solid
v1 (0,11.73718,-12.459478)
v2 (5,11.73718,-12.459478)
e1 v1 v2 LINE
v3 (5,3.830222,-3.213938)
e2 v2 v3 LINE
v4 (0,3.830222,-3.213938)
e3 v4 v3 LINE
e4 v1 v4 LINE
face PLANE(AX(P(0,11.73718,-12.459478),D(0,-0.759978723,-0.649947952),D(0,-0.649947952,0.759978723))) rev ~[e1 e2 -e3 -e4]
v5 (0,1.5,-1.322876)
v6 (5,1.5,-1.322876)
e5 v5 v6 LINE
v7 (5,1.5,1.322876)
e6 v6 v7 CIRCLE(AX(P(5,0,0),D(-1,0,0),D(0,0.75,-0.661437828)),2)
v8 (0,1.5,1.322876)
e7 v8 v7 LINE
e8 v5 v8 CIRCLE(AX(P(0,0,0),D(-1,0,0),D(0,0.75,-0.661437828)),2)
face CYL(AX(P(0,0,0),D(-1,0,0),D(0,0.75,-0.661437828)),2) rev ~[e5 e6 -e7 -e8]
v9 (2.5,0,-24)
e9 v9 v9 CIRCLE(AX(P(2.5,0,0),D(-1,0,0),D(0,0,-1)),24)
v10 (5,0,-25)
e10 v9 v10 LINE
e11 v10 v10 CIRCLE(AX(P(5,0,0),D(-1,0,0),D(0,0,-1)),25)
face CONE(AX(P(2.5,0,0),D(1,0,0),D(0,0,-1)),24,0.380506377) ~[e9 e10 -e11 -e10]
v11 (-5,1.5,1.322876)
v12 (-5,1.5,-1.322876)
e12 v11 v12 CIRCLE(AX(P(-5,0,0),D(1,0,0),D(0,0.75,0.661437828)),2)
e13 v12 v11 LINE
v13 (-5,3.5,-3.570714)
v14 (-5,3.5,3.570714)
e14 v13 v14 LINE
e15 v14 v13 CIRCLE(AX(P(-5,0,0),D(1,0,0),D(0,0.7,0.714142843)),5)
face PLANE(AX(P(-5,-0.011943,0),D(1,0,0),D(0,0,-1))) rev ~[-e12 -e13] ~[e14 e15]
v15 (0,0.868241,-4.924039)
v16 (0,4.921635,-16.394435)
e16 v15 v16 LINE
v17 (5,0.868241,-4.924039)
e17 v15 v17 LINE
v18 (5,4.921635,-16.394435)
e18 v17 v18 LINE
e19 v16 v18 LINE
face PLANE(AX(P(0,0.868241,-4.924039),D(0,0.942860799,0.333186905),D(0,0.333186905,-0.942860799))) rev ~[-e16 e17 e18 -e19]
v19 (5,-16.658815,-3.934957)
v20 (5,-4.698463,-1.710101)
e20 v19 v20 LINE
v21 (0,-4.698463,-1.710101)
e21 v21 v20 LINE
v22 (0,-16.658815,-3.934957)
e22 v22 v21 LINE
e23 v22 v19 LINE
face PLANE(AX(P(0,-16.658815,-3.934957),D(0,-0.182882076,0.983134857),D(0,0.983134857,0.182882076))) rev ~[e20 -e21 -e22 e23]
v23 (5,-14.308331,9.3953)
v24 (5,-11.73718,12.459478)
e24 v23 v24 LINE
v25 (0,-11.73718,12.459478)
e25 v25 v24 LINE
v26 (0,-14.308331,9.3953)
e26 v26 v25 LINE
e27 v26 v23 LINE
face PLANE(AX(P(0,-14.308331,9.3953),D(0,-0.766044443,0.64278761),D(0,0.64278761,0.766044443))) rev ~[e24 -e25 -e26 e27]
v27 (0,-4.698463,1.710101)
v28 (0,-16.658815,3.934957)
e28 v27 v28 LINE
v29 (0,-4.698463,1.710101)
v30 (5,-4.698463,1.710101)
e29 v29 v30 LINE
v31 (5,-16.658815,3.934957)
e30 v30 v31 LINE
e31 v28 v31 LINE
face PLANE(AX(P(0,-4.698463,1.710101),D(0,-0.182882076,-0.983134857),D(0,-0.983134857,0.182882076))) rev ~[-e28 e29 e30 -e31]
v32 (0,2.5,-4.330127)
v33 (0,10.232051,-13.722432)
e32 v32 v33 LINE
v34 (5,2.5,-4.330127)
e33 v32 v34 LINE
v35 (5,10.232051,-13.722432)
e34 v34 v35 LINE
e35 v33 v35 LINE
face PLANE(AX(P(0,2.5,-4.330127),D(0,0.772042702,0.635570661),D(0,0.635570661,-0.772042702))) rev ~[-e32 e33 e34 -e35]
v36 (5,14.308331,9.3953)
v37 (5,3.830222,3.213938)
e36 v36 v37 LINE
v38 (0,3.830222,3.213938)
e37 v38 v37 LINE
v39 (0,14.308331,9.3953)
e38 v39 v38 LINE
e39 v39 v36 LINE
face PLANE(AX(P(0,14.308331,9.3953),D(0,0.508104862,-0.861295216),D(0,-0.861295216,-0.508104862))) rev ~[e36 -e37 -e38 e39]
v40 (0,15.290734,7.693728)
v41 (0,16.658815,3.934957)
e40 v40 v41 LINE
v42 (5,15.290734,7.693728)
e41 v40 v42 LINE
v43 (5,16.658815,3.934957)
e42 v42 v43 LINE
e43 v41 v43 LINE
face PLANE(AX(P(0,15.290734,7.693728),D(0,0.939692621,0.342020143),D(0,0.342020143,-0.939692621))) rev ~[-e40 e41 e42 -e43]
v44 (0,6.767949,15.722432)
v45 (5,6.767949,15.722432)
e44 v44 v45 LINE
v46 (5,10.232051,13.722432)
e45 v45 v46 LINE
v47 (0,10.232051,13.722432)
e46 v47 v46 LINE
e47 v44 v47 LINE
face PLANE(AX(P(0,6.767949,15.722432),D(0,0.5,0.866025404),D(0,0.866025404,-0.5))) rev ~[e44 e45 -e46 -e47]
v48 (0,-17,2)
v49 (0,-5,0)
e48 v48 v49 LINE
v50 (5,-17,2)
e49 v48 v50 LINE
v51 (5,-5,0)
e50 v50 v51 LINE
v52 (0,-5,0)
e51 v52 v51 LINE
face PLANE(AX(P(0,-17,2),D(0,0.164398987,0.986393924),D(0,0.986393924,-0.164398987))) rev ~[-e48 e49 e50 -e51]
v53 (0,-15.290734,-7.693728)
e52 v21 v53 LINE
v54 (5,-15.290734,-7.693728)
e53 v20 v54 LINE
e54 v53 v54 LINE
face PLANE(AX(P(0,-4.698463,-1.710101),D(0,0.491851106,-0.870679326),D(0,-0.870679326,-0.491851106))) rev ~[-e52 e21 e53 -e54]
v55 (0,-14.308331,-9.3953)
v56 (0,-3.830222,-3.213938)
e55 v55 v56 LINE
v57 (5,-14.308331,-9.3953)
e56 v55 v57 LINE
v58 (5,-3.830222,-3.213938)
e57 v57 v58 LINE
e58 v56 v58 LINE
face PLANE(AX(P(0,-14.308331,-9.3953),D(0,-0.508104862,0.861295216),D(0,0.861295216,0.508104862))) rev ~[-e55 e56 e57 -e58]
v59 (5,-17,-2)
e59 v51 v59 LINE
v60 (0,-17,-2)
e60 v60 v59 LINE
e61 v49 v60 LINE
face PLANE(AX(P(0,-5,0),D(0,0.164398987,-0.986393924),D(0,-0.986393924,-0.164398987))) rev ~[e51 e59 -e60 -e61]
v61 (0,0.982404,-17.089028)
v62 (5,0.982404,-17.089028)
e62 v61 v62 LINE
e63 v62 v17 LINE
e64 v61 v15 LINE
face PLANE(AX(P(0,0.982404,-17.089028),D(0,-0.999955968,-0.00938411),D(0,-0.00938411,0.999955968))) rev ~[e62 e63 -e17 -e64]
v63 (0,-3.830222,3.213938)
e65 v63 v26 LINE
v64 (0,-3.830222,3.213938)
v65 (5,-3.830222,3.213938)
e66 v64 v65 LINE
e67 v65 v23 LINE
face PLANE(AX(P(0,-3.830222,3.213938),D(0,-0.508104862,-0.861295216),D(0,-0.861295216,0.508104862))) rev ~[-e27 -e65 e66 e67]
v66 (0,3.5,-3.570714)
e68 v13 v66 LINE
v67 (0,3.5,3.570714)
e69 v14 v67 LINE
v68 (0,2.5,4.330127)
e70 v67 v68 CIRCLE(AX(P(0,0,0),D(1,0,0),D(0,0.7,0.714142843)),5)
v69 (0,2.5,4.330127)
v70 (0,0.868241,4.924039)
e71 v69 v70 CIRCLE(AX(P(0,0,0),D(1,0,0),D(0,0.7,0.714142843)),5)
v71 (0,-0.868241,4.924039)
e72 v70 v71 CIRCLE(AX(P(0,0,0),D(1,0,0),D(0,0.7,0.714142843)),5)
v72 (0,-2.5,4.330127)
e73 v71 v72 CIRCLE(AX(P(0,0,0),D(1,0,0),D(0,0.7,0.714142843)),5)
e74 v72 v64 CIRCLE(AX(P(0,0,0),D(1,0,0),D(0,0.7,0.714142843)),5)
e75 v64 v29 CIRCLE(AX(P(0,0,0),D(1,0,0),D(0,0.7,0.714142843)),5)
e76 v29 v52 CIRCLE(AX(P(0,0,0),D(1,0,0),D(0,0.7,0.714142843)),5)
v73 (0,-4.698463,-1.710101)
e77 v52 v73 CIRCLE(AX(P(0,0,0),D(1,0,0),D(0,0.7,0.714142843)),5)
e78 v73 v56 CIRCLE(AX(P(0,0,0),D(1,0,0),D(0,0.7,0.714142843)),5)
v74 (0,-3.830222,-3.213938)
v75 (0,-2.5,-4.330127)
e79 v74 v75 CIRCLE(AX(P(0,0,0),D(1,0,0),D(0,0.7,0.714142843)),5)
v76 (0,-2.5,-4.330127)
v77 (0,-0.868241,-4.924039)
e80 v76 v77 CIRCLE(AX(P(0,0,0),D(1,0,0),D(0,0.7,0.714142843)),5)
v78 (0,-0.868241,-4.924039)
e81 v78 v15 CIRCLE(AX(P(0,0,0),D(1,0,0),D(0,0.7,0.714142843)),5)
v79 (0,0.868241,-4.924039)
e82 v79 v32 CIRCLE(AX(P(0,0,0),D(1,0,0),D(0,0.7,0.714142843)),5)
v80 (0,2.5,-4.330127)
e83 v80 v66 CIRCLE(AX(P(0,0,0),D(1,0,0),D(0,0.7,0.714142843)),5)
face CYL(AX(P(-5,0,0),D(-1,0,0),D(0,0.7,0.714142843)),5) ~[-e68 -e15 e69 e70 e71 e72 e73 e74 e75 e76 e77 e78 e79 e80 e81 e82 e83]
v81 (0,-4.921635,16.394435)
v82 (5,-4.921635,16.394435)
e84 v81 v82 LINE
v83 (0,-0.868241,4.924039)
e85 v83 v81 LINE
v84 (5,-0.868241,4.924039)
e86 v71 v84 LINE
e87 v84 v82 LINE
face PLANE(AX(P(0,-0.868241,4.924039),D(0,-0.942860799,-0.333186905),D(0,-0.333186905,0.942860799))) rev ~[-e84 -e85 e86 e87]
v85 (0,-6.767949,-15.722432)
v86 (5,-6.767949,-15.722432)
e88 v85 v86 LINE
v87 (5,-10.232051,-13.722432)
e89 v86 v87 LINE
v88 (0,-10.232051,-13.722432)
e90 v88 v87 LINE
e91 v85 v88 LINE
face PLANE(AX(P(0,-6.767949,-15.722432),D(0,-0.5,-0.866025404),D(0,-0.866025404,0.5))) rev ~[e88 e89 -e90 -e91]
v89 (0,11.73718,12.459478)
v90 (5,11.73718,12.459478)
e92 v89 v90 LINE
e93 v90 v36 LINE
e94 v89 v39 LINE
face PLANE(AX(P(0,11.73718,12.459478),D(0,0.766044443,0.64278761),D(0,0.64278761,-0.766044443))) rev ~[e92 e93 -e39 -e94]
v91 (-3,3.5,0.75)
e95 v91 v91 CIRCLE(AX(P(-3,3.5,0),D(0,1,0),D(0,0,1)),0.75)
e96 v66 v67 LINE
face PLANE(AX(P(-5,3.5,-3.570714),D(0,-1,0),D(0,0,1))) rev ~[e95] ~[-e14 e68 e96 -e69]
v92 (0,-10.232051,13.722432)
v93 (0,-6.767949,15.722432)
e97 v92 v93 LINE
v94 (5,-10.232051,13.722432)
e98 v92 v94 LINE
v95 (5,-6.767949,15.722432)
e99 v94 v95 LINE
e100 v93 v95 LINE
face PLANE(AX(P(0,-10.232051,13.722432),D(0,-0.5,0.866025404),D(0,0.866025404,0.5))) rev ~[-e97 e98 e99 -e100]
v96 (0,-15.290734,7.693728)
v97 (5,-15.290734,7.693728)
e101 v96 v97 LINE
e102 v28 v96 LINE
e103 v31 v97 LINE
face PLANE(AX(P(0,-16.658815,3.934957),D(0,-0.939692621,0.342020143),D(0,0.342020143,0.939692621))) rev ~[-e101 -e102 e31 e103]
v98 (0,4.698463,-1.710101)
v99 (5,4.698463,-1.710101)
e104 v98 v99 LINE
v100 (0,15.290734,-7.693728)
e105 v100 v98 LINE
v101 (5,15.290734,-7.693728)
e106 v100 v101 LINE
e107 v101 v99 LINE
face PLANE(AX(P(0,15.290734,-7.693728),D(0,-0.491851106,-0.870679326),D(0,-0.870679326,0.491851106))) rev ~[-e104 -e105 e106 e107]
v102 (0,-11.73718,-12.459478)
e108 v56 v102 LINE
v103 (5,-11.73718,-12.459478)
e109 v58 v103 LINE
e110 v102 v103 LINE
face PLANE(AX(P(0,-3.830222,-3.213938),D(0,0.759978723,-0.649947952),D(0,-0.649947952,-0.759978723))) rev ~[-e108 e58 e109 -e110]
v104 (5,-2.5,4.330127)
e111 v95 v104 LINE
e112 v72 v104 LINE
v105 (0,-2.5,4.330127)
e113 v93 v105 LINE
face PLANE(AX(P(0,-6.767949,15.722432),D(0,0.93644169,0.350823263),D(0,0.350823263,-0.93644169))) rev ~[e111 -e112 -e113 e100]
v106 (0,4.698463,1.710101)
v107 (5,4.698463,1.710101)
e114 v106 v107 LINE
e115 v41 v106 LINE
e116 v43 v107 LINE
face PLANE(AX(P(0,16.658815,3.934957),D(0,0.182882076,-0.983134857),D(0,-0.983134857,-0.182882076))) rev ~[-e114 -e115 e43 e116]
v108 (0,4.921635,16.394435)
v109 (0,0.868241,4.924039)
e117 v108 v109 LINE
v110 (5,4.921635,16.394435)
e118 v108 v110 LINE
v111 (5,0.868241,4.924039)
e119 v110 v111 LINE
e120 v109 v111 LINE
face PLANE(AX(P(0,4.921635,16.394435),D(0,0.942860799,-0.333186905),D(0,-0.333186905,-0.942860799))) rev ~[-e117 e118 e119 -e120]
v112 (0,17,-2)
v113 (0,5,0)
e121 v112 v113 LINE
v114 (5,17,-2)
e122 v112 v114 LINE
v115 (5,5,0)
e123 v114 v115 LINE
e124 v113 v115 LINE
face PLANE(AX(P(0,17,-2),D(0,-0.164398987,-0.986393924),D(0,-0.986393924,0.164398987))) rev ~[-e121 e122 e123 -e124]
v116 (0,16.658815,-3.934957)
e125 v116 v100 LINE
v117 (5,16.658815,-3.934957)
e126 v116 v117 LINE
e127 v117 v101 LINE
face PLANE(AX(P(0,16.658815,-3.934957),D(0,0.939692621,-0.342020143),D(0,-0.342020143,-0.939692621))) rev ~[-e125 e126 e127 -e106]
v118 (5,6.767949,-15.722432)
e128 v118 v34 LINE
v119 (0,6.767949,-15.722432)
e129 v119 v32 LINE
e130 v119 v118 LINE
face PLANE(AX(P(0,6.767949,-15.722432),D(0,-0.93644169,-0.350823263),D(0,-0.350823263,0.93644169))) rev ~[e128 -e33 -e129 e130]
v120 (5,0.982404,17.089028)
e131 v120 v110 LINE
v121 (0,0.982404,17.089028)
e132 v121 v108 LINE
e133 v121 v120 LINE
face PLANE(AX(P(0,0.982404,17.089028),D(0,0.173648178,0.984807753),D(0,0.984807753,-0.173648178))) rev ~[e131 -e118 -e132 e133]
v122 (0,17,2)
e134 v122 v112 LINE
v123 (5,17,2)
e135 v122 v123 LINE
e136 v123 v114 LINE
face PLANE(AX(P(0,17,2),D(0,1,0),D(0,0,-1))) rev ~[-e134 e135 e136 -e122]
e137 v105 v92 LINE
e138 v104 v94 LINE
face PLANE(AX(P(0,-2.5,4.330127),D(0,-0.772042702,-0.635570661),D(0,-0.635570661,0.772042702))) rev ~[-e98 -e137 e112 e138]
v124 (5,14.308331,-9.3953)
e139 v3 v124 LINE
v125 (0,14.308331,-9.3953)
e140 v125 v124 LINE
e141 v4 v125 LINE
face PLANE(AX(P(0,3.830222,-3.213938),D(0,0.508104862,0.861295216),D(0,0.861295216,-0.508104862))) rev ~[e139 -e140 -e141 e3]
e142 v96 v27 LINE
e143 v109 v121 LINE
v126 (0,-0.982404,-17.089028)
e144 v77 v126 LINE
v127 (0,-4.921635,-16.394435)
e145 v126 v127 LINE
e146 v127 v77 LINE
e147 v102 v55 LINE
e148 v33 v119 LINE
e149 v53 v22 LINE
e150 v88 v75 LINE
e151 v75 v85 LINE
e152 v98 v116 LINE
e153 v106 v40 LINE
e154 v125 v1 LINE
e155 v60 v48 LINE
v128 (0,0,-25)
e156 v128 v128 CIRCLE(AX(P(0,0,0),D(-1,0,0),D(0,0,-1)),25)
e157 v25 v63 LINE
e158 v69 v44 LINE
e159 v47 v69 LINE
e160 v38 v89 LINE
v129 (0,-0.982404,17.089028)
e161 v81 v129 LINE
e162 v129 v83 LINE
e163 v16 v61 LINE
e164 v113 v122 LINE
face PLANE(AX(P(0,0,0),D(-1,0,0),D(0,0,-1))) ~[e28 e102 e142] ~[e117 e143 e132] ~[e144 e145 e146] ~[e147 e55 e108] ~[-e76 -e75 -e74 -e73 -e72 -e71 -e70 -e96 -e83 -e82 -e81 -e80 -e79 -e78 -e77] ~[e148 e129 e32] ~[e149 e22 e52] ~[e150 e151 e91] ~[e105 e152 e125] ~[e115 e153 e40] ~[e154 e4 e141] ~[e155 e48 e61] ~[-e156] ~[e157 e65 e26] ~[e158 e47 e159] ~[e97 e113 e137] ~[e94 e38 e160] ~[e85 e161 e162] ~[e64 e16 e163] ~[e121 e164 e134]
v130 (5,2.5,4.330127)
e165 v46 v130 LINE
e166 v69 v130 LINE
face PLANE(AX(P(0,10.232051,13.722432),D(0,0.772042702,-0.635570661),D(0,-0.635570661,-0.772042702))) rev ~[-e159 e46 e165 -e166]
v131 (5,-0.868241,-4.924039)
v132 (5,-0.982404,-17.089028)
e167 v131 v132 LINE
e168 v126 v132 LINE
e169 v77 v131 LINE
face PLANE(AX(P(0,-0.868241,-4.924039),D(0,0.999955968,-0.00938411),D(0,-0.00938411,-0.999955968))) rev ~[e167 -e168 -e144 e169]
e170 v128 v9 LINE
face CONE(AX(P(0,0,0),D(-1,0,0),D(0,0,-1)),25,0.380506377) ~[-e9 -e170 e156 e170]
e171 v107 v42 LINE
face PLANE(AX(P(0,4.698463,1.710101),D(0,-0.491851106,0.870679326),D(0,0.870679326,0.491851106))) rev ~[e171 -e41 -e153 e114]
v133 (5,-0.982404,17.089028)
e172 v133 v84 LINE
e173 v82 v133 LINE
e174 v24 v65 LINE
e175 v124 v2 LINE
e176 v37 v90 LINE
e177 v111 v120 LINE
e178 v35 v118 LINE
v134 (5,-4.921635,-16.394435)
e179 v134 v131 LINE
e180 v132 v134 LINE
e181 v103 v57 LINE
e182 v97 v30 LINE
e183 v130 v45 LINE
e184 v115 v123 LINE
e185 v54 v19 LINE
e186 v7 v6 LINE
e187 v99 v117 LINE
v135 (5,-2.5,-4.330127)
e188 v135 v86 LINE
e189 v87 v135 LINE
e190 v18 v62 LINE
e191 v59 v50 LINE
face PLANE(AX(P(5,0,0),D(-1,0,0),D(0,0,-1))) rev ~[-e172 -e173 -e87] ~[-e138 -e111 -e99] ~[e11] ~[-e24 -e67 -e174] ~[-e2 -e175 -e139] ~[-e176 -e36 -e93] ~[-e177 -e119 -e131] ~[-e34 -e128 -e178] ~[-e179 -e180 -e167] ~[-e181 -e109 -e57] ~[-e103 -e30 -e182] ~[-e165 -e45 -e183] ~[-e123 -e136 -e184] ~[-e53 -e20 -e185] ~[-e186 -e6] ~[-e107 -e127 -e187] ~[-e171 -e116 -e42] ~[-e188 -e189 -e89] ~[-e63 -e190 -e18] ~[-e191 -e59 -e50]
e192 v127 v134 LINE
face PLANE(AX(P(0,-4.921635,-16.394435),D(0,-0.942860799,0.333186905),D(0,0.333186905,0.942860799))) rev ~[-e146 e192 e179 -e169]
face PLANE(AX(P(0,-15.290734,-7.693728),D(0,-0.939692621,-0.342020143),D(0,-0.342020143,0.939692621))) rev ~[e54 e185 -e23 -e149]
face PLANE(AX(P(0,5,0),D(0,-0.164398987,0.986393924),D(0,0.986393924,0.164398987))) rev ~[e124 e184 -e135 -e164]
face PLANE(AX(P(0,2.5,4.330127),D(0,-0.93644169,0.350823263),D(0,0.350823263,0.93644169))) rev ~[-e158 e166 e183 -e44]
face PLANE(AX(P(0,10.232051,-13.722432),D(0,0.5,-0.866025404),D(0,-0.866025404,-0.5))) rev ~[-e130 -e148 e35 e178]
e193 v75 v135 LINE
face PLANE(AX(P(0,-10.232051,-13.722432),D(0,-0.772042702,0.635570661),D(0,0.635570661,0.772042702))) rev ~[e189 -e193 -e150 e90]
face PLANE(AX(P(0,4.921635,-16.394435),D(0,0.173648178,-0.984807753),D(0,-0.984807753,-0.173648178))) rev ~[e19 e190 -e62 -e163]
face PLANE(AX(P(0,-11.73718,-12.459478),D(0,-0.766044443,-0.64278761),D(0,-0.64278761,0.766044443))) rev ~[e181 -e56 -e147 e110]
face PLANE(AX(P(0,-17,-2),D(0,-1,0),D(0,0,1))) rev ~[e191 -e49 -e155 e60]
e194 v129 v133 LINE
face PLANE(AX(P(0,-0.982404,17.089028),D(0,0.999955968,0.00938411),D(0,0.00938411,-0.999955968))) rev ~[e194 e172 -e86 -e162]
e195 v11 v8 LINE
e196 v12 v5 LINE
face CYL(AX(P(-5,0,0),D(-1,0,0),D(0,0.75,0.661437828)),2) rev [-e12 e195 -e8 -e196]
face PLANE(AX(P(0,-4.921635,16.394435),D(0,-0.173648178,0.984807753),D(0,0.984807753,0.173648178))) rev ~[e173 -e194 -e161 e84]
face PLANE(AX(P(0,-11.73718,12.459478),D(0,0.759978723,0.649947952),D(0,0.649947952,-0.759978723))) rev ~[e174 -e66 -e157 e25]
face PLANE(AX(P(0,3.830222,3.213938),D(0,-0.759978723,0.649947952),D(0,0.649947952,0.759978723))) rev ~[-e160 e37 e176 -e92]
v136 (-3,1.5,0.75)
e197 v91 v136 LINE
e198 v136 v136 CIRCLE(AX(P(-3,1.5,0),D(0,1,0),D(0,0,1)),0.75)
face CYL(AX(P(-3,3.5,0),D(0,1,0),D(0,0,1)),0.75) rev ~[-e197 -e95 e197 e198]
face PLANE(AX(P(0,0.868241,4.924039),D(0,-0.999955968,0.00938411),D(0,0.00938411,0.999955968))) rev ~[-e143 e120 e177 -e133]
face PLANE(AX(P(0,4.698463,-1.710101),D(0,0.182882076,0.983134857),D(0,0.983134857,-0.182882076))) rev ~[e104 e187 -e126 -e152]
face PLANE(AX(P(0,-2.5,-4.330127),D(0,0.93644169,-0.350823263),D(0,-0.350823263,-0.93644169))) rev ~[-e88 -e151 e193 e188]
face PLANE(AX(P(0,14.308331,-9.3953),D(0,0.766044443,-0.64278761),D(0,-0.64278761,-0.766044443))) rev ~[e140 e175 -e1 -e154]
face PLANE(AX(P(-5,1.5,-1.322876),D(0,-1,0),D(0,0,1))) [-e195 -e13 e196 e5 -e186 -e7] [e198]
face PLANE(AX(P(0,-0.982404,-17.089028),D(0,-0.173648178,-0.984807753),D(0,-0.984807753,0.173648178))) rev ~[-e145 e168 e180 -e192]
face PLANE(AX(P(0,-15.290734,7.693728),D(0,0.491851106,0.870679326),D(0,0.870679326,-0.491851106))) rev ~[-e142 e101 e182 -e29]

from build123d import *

# Parameters (mm, degrees)
CUT_EXTRUDE1_DEPTH  = 36.707142143
BOSS_EXTRUDE1_START = 5
BOSS_EXTRUDE1_DEPTH = 5
SKETCH7_R           = 0.75
CUT_EXTRUDE2_DEPTH  = 3


with BuildPart() as part:
    # Sketch4 → Revolve1 (revolve)
    with BuildSketch(Plane(origin=(0, 0, 0), x_dir=(1, 0, 0), z_dir=(0, 1, 0))):
        Polygon((0, 0), (0, 25), (2.5, 24), (5, 25), (5, 0), align=None)
    revolve(axis=Axis((5, 0, 0), (-1, 0, 0)))

    # Sketch5 → Cut-Extrude1 (cut, through all)
    with BuildSketch(Plane.ZY):
        Polygon((-15.722431864, 6.767949192), (-4.330127019, 2.5), (-13.722431864, 10.232050808), align=None)
        Polygon((-12.459478251, 11.737180314), (-3.213938048, 3.830222216), (-9.395300478, 14.308330752), align=None)
        Polygon((-7.693727678, 15.290734267), (-1.710100717, 4.698463104), (-3.934957195, 16.65881484), align=None)
        Polygon((0, 5), (2, 17), (-2, 17), align=None)
        Polygon((3.934957195, 16.65881484), (1.710100717, 4.698463104), (7.693727678, 15.290734267), align=None)
        Polygon((9.395300478, 14.308330752), (3.213938048, 3.830222216), (12.459478251, 11.737180314), align=None)
        Polygon((13.722431864, 10.232050808), (4.330127019, 2.5), (15.722431864, 6.767949192), align=None)
        Polygon((16.394435446, 4.921634526), (4.924038765, 0.868240888), (17.089028157, 0.982403514), align=None)
        Polygon((17.089028157, -0.982403514), (4.924038765, -0.868240888), (16.394435446, -4.921634526), align=None)
        Polygon((15.722431864, -6.767949192), (4.330127019, -2.5), (13.722431864, -10.232050808), align=None)
        Polygon((12.459478251, -11.737180314), (3.213938048, -3.830222216), (9.395300478, -14.308330752), align=None)
        Polygon((7.693727678, -15.290734267), (1.710100717, -4.698463104), (3.934957195, -16.65881484), align=None)
        Polygon((2, -17), (0, -5), (-2, -17), align=None)
        Polygon((-3.934957195, -16.65881484), (-1.710100717, -4.698463104), (-7.693727678, -15.290734267), align=None)
        Polygon((-9.395300478, -14.308330752), (-3.213938048, -3.830222216), (-12.459478251, -11.737180314), align=None)
        Polygon((-13.722431864, -10.232050808), (-4.330127019, -2.5), (-15.722431864, -6.767949192), align=None)
        Polygon((-16.394435446, -4.921634526), (-4.924038765, -0.868240888), (-17.089028157, -0.982403514), align=None)
        with BuildLine():
            ThreePointArc((-1.322875656, 1.5), (0, -2), (1.322875656, 1.5))
            Line((1.322875656, 1.5), (-1.322875656, 1.5))
        make_face()
        Polygon((-16.394435446, 4.921634526), (-17.089028157, 0.982403514), (-4.924038765, 0.868240888), align=None)
    extrude(amount=-CUT_EXTRUDE1_DEPTH, mode=Mode.SUBTRACT)

    # Sketch6 → Boss-Extrude1 (add)
    with BuildSketch(Plane.ZY.offset(BOSS_EXTRUDE1_START)):
        with BuildLine():
            Line((-3.570714214, 3.5), (3.570714214, 3.5))
            ThreePointArc((3.570714214, 3.5), (0, -5), (-3.570714214, 3.5))
        make_face()
        with BuildLine():
            Line((-1.322875656, 1.5), (1.322875656, 1.5))
            ThreePointArc((1.322875656, 1.5), (0, -2), (-1.322875656, 1.5))
        make_face(mode=Mode.SUBTRACT)
    extrude(amount=-BOSS_EXTRUDE1_DEPTH)

    # Sketch7 → Cut-Extrude2 (cut)
    with BuildSketch(Plane(origin=(0, 3.5, 0), x_dir=(1, 0, 0), z_dir=(0, 1, 0))):
        with Locations(Location((-3, 0, 0), (0, 0, 270))):
            Circle(SKETCH7_R)
    extrude(amount=-CUT_EXTRUDE2_DEPTH, mode=Mode.SUBTRACT)


solid = part.part
